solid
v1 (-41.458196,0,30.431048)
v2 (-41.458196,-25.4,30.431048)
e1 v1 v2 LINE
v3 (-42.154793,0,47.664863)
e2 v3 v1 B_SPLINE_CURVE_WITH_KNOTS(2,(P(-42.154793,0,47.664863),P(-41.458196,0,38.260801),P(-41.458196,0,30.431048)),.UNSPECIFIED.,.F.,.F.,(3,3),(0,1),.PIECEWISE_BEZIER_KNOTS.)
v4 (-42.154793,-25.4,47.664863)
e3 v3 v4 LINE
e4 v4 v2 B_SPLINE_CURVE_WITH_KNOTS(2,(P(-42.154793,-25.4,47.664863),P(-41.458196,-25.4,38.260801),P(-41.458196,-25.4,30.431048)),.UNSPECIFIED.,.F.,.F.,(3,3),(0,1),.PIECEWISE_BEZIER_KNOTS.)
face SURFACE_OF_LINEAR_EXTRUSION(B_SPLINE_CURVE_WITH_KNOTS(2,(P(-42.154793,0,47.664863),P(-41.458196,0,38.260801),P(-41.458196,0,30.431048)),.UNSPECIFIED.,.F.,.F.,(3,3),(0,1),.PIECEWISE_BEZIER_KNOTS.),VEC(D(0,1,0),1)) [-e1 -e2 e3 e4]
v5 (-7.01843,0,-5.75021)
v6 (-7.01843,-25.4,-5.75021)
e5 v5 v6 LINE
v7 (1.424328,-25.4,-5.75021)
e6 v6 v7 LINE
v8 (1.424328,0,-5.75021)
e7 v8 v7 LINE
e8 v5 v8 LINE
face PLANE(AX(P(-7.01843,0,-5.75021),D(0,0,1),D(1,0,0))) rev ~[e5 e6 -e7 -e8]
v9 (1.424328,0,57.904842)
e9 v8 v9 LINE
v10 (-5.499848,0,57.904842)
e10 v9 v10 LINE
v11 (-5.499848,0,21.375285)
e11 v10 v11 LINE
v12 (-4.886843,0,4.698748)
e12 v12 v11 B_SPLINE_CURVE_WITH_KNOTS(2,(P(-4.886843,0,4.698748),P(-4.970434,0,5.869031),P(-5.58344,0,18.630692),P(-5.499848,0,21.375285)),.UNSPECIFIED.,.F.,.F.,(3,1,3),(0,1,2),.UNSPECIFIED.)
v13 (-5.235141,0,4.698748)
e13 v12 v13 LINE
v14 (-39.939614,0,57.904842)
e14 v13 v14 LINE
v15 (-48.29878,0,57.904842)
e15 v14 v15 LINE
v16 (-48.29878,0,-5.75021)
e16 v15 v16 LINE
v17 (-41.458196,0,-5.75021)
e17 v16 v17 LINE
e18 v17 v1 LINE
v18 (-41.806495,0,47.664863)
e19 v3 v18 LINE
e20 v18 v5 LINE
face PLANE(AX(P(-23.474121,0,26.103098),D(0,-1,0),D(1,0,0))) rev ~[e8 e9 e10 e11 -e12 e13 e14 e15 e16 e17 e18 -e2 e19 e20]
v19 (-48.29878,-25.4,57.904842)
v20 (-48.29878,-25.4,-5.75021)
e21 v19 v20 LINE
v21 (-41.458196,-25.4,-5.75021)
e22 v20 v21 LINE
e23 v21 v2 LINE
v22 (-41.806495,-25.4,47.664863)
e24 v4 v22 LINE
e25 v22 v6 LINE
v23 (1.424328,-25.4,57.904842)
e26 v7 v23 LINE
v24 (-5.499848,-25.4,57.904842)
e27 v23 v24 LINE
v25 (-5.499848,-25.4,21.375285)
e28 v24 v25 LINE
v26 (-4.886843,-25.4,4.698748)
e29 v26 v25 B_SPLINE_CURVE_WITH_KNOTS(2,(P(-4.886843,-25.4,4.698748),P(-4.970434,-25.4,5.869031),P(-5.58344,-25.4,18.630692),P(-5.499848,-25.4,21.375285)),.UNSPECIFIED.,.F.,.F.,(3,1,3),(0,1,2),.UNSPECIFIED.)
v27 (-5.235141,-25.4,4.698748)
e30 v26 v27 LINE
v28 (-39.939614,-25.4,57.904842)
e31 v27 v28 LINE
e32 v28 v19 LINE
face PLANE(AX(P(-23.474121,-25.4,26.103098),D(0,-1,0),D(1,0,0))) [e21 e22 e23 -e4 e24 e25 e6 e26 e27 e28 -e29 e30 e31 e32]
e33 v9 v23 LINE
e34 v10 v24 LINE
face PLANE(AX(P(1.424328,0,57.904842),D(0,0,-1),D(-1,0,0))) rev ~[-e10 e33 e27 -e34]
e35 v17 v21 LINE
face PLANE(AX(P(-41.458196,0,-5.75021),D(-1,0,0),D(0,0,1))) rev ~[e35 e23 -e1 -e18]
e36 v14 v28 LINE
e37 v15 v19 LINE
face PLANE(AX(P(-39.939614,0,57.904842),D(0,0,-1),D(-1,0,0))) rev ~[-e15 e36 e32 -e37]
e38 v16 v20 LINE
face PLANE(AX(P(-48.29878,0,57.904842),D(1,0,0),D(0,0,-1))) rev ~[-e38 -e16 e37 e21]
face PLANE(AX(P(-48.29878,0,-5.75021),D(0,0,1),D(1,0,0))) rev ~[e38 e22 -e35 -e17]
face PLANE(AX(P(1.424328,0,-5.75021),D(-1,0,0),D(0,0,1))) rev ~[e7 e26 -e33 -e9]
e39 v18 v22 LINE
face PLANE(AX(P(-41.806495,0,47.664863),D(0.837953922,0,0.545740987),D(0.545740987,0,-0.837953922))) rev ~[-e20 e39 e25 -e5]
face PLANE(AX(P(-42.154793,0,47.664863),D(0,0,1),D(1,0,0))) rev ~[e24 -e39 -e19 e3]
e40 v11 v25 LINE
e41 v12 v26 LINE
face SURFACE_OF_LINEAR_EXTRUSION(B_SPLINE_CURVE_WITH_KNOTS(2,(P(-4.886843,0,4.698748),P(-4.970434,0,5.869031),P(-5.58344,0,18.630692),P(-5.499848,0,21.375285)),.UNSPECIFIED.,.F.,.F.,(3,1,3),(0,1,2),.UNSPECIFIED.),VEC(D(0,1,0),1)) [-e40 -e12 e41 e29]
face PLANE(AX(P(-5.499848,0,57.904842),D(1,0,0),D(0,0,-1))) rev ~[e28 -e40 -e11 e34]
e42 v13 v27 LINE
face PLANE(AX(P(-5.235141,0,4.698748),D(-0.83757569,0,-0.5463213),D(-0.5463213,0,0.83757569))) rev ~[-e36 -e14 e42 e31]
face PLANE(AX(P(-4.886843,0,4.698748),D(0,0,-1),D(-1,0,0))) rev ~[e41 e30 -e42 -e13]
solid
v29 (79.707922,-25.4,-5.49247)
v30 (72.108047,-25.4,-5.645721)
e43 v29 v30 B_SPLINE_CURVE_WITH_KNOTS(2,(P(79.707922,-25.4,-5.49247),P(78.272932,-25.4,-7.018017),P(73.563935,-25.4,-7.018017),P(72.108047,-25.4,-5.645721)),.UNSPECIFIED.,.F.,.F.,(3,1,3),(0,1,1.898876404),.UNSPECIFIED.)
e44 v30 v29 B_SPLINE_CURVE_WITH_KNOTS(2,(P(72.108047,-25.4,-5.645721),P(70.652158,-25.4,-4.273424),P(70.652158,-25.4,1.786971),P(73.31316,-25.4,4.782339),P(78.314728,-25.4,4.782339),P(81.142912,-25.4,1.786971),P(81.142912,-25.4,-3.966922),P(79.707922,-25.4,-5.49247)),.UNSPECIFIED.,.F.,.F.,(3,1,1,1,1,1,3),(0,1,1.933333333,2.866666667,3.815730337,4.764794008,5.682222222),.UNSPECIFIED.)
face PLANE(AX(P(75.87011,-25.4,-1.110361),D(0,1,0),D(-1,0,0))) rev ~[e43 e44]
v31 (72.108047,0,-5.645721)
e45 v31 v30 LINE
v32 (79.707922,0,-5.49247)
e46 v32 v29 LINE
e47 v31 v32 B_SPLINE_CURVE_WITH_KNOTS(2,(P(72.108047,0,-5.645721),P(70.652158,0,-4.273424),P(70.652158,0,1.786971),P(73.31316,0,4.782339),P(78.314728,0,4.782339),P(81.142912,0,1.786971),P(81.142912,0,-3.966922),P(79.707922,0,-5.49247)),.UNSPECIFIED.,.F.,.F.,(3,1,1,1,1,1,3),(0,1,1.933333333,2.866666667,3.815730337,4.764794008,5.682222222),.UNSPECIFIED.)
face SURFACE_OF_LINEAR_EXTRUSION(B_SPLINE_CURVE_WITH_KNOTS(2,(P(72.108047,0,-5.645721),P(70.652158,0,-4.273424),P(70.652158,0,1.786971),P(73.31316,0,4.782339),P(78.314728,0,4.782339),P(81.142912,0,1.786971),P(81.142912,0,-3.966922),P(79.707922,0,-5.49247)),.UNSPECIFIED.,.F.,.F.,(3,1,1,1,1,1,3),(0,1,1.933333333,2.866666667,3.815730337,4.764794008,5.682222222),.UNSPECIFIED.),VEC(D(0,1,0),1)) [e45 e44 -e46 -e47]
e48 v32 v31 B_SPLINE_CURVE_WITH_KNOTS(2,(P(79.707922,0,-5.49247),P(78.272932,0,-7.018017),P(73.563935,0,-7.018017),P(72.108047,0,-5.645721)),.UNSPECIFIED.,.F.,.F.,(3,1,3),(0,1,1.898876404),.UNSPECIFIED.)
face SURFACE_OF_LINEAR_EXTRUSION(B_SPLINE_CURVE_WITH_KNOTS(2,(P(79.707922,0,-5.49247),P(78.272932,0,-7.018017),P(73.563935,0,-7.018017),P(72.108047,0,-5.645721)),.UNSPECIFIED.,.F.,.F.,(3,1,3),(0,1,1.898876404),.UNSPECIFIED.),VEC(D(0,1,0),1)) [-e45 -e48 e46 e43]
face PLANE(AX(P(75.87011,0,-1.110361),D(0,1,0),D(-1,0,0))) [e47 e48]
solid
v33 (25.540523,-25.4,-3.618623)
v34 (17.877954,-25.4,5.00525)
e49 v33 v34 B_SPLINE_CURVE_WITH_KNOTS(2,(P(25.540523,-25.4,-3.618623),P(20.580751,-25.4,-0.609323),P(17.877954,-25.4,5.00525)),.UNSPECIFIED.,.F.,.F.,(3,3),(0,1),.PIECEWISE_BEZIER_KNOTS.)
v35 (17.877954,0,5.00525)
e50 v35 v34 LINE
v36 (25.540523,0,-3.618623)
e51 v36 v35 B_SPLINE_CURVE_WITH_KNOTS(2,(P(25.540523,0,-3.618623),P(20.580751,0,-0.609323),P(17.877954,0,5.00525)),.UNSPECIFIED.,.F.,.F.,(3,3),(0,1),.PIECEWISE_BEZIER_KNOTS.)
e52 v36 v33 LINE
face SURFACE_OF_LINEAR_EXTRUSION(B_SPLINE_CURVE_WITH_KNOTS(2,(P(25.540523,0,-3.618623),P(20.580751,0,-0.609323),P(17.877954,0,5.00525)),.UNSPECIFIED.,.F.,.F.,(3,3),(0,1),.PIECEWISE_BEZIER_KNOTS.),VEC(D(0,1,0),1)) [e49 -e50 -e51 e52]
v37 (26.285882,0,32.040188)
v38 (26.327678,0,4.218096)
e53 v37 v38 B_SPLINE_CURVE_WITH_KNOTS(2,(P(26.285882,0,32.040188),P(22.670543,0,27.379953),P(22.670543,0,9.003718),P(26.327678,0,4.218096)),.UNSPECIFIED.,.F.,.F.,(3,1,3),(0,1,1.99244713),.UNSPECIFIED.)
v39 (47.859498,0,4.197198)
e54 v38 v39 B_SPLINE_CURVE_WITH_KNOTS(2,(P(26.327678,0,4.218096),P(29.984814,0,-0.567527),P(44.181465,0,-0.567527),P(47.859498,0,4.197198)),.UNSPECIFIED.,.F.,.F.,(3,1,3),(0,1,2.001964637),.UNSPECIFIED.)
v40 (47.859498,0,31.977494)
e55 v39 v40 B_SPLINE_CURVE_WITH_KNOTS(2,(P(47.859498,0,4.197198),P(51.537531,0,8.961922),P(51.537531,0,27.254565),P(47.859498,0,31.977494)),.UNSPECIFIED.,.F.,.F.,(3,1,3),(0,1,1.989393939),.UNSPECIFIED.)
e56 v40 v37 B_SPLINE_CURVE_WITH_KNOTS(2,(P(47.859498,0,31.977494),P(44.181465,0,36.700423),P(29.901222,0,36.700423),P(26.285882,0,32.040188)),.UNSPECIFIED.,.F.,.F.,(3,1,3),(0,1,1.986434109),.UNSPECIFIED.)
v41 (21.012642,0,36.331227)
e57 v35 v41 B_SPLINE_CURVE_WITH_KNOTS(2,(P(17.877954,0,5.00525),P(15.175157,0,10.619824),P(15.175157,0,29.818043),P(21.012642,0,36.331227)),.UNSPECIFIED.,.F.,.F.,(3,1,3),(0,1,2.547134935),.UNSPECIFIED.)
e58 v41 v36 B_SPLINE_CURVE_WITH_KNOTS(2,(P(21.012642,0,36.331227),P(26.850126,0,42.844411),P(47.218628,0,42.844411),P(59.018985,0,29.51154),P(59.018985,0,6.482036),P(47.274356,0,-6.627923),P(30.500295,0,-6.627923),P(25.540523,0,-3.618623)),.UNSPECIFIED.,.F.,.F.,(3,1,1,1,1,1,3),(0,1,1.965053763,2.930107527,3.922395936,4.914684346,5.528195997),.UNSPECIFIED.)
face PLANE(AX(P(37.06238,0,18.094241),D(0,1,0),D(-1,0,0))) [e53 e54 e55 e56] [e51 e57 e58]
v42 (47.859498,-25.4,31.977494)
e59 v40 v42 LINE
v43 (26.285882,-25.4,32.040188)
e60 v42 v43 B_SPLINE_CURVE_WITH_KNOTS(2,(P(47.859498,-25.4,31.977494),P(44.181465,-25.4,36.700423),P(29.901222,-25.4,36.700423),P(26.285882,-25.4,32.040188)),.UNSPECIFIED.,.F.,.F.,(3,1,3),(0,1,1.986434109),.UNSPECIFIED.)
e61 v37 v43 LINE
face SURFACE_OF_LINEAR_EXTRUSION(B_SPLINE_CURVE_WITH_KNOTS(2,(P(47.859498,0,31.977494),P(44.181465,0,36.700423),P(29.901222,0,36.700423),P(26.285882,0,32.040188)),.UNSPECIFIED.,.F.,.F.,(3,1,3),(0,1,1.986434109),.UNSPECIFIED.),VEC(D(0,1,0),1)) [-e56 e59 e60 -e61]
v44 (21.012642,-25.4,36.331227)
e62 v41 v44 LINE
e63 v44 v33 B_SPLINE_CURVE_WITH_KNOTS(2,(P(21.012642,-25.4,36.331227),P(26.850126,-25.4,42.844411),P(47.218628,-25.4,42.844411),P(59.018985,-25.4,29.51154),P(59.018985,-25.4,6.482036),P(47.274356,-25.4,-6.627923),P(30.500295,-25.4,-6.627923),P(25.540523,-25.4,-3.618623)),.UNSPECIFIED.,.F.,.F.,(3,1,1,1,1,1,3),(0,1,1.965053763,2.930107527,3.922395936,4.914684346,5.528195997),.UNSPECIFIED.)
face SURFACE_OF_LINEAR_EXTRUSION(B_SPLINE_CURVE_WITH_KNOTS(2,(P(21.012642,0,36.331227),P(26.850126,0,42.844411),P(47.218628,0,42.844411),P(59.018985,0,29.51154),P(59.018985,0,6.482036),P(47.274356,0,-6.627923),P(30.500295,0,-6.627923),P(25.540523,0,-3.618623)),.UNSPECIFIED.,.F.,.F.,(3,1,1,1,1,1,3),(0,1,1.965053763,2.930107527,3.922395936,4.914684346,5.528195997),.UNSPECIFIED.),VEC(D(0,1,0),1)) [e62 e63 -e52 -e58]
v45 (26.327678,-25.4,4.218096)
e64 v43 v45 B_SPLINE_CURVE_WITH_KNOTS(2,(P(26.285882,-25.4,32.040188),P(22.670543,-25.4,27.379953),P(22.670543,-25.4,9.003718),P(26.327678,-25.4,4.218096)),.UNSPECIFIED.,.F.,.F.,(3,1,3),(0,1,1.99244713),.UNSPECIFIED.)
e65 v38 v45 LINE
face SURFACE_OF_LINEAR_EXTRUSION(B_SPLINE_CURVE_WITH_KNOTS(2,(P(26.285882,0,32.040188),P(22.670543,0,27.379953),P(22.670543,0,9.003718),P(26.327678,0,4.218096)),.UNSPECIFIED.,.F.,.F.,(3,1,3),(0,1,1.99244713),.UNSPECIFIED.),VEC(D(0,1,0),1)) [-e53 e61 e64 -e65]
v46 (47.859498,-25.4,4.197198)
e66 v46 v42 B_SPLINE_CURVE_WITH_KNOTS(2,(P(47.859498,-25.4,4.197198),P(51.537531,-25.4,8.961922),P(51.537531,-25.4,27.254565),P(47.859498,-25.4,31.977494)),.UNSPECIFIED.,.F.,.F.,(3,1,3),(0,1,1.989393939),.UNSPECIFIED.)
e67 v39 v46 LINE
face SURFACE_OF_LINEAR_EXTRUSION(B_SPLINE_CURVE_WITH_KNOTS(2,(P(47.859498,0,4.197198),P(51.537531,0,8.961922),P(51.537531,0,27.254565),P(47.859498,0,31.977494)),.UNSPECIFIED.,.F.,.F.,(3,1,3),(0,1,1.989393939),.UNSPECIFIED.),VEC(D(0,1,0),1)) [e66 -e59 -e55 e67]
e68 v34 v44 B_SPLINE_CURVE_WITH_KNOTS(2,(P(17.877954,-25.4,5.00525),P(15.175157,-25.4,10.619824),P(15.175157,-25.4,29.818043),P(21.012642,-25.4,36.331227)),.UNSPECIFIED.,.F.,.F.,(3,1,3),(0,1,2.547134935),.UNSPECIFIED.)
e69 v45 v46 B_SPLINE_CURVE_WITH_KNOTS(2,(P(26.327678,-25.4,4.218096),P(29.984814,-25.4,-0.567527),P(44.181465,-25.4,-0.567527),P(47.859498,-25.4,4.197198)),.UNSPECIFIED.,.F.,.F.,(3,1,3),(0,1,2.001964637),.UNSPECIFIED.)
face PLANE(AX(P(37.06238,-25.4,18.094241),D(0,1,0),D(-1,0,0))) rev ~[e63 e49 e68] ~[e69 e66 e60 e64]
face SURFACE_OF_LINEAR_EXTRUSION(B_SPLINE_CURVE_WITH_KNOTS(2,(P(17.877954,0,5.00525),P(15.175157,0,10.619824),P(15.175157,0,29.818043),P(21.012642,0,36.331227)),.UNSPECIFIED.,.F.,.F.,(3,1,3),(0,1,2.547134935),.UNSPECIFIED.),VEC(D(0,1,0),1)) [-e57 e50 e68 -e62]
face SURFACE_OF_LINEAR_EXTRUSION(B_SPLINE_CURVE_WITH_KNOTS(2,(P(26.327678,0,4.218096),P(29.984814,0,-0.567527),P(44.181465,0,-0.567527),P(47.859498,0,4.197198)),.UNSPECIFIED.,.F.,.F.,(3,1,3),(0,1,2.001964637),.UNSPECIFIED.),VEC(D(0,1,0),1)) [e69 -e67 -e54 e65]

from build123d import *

# Parameters (mm, degrees)
F1_DEPTH = 25.4
F2_DEPTH = 25.4
F3_DEPTH = 25.4


with BuildPart() as f1:
    # F0 (on Front) → F1 (new body)
    with BuildSketch(Plane.XZ):
        with BuildLine():
            add(Edge.make_bspline(
                [(59.0189850758, 18.1570056169), (59.0189850758, 6.4820364458), (53.1466706299, -0.0729432619)],
                knots=[0, 0, 0, 1, 1, 1], degree=2))
            add(Edge.make_bspline(
                [(53.1188067417, 36.1779753338), (59.0189850758, 29.5115400732), (59.0189850758, 18.1570056169)],
                knots=[0, 0, 0, 1, 1, 1], degree=2))
            add(Edge.make_bspline(
                [(37.2154925307, 42.8444105944), (47.2186284076, 42.8444105944), (53.1188067417, 36.1779753338)],
                knots=[0, 0, 0, 1, 1, 1], degree=2))
            add(Edge.make_bspline(
                [(21.0126415211, 36.3312267191), (26.8501261067, 42.8444105944), (37.2154925307, 42.8444105944)],
                knots=[0, 0, 0, 1, 1, 1], degree=2))
            add(Edge.make_bspline(
                [(15.1751569356, 18.1570056169), (15.1751569356, 29.8180428438), (21.0126415211, 36.3312267191)],
                knots=[0, 0, 0, 1, 1, 1], degree=2))
            add(Edge.make_bspline(
                [(17.8779540945, 5.0052503692), (15.1751569356, 10.6198238489), (15.1751569356, 18.1570056169)],
                knots=[0, 0, 0, 1, 1, 1], degree=2))
            add(Edge.make_bspline(
                [(25.5405233596, -3.61862304), (20.5807512535, -0.6093231104), (17.8779540945, 5.0052503692)],
                knots=[0, 0, 0, 1, 1, 1], degree=2))
            add(Edge.make_bspline(
                [(36.9089897601, -6.6279229695), (30.5002954657, -6.6279229695), (25.5405233596, -3.61862304)],
                knots=[0, 0, 0, 1, 1, 1], degree=2))
            add(Edge.make_bspline(
                [(53.1466706299, -0.0729432619), (47.2743561841, -6.6279229695), (36.9089897601, -6.6279229695)],
                knots=[0, 0, 0, 1, 1, 1], degree=2))
        make_face()
        with BuildLine():
            add(Edge.make_bspline(
                [(22.6705428712, 18.1570056169), (22.6705428712, 9.0037183312), (26.3276782023, 4.2180955265)],
                knots=[0, 0, 0, 1, 1, 1], degree=2))
            add(Edge.make_bspline(
                [(26.2858823699, 32.0401879307), (22.6705428712, 27.3799526232), (22.6705428712, 18.1570056169)],
                knots=[0, 0, 0, 1, 1, 1], degree=2))
            add(Edge.make_bspline(
                [(36.9925814248, 36.7004232383), (29.9012218686, 36.7004232383), (26.2858823699, 32.0401879307)],
                knots=[0, 0, 0, 1, 1, 1], degree=2))
            add(Edge.make_bspline(
                [(47.859497837, 31.9774941822), (44.1814645898, 36.7004232383), (36.9925814248, 36.7004232383)],
                knots=[0, 0, 0, 1, 1, 1], degree=2))
            add(Edge.make_bspline(
                [(51.5375310843, 18.1570056169), (51.5375310843, 27.2545651261), (47.859497837, 31.9774941822)],
                knots=[0, 0, 0, 1, 1, 1], degree=2))
            add(Edge.make_bspline(
                [(47.859497837, 4.1971976104), (51.5375310843, 8.9619224988), (51.5375310843, 18.1570056169)],
                knots=[0, 0, 0, 1, 1, 1], degree=2))
            add(Edge.make_bspline(
                [(37.0761730895, -0.5675272781), (44.1814645898, -0.5675272781), (47.859497837, 4.1971976104)],
                knots=[0, 0, 0, 1, 1, 1], degree=2))
            add(Edge.make_bspline(
                [(26.3276782023, 4.2180955265), (29.9848135333, -0.5675272781), (37.0761730895, -0.5675272781)],
                knots=[0, 0, 0, 1, 1, 1], degree=2))
        make_face(mode=Mode.SUBTRACT)
    extrude(amount=F1_DEPTH)


with BuildPart() as f2:
    # F0 (on Front) → F2 (new body)
    with BuildSketch(Plane.XZ):
        with BuildLine():
            Line((-7.0184300448, -5.7502104901), (1.4243280909, -5.7502104901))
            Line((1.4243280909, -5.7502104901), (1.4243280909, 57.9048421863))
            Line((1.4243280909, 57.9048421863), (-5.4998481359, 57.9048421863))
            Line((-5.4998481359, 57.9048421863), (-5.4998481359, 21.3752847082))
            add(Edge.make_bspline(
                [(-5.27693703, 12.2498613107), (-5.5834398006, 18.6306917169), (-5.4998481359, 21.3752847082)],
                knots=[0, 0, 0, 1, 1, 1], degree=2))
            add(Edge.make_bspline(
                [(-4.8868425947, 4.6987475986), (-4.9704342594, 5.8690309046), (-5.27693703, 12.2498613107)],
                knots=[0, 0, 0, 1, 1, 1], degree=2))
            Line((-4.8868425947, 4.6987475986), (-5.2351411977, 4.6987475986))
            Line((-5.2351411977, 4.6987475986), (-39.9396139963, 57.9048421863))
            Line((-39.9396139963, 57.9048421863), (-48.2987804672, 57.9048421863))
            Line((-48.2987804672, 57.9048421863), (-48.2987804672, -5.7502104901))
            Line((-48.2987804672, -5.7502104901), (-41.4581959052, -5.7502104901))
            Line((-41.4581959052, -5.7502104901), (-41.4581959052, 30.4310483851))
            add(Edge.make_bspline(
                [(-42.1547931111, 47.6648632593), (-41.4581959052, 38.2608009795), (-41.4581959052, 30.4310483851)],
                knots=[0, 0, 0, 1, 1, 1], degree=2))
            Line((-42.1547931111, 47.6648632593), (-41.8064945081, 47.6648632593))
            Line((-41.8064945081, 47.6648632593), (-7.0184300448, -5.7502104901))
        make_face()
    extrude(amount=F2_DEPTH)


with BuildPart() as f3:
    # F0 (on Front) → F3 (new body)
    with BuildSketch(Plane.XZ):
        with BuildLine():
            add(Edge.make_bspline(
                [(70.6521584145, -1.1387369869), (70.6521584145, 1.7869712779), (71.9826590778, 3.2846552706)],
                knots=[0, 0, 0, 1, 1, 1], degree=2))
            add(Edge.make_bspline(
                [(72.1080465749, -5.6457209092), (70.6521584145, -4.2734244135), (70.6521584145, -1.1387369869)],
                knots=[0, 0, 0, 1, 1, 1], degree=2))
            add(Edge.make_bspline(
                [(75.7930457941, -7.0180174048), (73.5639347352, -7.0180174048), (72.1080465749, -5.6457209092)],
                knots=[0, 0, 0, 1, 1, 1], degree=2))
            add(Edge.make_bspline(
                [(79.7079220914, -5.4924695239), (78.2729318472, -7.0180174048), (75.7930457941, -7.0180174048)],
                knots=[0, 0, 0, 1, 1, 1], degree=2))
            add(Edge.make_bspline(
                [(81.1429123356, -1.1387369869), (81.1429123356, -3.9669216429), (79.7079220914, -5.4924695239)],
                knots=[0, 0, 0, 1, 1, 1], degree=2))
            add(Edge.make_bspline(
                [(79.7288200076, 3.2846552706), (81.1429123356, 1.7869712779), (81.1429123356, -1.1387369869)],
                knots=[0, 0, 0, 1, 1, 1], degree=2))
            add(Edge.make_bspline(
                [(75.7930457941, 4.7823392633), (78.3147276796, 4.7823392633), (79.7288200076, 3.2846552706)],
                knots=[0, 0, 0, 1, 1, 1], degree=2))
            add(Edge.make_bspline(
                [(71.9826590778, 3.2846552706), (73.3131597411, 4.7823392633), (75.7930457941, 4.7823392633)],
                knots=[0, 0, 0, 1, 1, 1], degree=2))
        make_face()
    extrude(amount=F3_DEPTH)


solid = Compound([f1.part, f2.part, f3.part])
